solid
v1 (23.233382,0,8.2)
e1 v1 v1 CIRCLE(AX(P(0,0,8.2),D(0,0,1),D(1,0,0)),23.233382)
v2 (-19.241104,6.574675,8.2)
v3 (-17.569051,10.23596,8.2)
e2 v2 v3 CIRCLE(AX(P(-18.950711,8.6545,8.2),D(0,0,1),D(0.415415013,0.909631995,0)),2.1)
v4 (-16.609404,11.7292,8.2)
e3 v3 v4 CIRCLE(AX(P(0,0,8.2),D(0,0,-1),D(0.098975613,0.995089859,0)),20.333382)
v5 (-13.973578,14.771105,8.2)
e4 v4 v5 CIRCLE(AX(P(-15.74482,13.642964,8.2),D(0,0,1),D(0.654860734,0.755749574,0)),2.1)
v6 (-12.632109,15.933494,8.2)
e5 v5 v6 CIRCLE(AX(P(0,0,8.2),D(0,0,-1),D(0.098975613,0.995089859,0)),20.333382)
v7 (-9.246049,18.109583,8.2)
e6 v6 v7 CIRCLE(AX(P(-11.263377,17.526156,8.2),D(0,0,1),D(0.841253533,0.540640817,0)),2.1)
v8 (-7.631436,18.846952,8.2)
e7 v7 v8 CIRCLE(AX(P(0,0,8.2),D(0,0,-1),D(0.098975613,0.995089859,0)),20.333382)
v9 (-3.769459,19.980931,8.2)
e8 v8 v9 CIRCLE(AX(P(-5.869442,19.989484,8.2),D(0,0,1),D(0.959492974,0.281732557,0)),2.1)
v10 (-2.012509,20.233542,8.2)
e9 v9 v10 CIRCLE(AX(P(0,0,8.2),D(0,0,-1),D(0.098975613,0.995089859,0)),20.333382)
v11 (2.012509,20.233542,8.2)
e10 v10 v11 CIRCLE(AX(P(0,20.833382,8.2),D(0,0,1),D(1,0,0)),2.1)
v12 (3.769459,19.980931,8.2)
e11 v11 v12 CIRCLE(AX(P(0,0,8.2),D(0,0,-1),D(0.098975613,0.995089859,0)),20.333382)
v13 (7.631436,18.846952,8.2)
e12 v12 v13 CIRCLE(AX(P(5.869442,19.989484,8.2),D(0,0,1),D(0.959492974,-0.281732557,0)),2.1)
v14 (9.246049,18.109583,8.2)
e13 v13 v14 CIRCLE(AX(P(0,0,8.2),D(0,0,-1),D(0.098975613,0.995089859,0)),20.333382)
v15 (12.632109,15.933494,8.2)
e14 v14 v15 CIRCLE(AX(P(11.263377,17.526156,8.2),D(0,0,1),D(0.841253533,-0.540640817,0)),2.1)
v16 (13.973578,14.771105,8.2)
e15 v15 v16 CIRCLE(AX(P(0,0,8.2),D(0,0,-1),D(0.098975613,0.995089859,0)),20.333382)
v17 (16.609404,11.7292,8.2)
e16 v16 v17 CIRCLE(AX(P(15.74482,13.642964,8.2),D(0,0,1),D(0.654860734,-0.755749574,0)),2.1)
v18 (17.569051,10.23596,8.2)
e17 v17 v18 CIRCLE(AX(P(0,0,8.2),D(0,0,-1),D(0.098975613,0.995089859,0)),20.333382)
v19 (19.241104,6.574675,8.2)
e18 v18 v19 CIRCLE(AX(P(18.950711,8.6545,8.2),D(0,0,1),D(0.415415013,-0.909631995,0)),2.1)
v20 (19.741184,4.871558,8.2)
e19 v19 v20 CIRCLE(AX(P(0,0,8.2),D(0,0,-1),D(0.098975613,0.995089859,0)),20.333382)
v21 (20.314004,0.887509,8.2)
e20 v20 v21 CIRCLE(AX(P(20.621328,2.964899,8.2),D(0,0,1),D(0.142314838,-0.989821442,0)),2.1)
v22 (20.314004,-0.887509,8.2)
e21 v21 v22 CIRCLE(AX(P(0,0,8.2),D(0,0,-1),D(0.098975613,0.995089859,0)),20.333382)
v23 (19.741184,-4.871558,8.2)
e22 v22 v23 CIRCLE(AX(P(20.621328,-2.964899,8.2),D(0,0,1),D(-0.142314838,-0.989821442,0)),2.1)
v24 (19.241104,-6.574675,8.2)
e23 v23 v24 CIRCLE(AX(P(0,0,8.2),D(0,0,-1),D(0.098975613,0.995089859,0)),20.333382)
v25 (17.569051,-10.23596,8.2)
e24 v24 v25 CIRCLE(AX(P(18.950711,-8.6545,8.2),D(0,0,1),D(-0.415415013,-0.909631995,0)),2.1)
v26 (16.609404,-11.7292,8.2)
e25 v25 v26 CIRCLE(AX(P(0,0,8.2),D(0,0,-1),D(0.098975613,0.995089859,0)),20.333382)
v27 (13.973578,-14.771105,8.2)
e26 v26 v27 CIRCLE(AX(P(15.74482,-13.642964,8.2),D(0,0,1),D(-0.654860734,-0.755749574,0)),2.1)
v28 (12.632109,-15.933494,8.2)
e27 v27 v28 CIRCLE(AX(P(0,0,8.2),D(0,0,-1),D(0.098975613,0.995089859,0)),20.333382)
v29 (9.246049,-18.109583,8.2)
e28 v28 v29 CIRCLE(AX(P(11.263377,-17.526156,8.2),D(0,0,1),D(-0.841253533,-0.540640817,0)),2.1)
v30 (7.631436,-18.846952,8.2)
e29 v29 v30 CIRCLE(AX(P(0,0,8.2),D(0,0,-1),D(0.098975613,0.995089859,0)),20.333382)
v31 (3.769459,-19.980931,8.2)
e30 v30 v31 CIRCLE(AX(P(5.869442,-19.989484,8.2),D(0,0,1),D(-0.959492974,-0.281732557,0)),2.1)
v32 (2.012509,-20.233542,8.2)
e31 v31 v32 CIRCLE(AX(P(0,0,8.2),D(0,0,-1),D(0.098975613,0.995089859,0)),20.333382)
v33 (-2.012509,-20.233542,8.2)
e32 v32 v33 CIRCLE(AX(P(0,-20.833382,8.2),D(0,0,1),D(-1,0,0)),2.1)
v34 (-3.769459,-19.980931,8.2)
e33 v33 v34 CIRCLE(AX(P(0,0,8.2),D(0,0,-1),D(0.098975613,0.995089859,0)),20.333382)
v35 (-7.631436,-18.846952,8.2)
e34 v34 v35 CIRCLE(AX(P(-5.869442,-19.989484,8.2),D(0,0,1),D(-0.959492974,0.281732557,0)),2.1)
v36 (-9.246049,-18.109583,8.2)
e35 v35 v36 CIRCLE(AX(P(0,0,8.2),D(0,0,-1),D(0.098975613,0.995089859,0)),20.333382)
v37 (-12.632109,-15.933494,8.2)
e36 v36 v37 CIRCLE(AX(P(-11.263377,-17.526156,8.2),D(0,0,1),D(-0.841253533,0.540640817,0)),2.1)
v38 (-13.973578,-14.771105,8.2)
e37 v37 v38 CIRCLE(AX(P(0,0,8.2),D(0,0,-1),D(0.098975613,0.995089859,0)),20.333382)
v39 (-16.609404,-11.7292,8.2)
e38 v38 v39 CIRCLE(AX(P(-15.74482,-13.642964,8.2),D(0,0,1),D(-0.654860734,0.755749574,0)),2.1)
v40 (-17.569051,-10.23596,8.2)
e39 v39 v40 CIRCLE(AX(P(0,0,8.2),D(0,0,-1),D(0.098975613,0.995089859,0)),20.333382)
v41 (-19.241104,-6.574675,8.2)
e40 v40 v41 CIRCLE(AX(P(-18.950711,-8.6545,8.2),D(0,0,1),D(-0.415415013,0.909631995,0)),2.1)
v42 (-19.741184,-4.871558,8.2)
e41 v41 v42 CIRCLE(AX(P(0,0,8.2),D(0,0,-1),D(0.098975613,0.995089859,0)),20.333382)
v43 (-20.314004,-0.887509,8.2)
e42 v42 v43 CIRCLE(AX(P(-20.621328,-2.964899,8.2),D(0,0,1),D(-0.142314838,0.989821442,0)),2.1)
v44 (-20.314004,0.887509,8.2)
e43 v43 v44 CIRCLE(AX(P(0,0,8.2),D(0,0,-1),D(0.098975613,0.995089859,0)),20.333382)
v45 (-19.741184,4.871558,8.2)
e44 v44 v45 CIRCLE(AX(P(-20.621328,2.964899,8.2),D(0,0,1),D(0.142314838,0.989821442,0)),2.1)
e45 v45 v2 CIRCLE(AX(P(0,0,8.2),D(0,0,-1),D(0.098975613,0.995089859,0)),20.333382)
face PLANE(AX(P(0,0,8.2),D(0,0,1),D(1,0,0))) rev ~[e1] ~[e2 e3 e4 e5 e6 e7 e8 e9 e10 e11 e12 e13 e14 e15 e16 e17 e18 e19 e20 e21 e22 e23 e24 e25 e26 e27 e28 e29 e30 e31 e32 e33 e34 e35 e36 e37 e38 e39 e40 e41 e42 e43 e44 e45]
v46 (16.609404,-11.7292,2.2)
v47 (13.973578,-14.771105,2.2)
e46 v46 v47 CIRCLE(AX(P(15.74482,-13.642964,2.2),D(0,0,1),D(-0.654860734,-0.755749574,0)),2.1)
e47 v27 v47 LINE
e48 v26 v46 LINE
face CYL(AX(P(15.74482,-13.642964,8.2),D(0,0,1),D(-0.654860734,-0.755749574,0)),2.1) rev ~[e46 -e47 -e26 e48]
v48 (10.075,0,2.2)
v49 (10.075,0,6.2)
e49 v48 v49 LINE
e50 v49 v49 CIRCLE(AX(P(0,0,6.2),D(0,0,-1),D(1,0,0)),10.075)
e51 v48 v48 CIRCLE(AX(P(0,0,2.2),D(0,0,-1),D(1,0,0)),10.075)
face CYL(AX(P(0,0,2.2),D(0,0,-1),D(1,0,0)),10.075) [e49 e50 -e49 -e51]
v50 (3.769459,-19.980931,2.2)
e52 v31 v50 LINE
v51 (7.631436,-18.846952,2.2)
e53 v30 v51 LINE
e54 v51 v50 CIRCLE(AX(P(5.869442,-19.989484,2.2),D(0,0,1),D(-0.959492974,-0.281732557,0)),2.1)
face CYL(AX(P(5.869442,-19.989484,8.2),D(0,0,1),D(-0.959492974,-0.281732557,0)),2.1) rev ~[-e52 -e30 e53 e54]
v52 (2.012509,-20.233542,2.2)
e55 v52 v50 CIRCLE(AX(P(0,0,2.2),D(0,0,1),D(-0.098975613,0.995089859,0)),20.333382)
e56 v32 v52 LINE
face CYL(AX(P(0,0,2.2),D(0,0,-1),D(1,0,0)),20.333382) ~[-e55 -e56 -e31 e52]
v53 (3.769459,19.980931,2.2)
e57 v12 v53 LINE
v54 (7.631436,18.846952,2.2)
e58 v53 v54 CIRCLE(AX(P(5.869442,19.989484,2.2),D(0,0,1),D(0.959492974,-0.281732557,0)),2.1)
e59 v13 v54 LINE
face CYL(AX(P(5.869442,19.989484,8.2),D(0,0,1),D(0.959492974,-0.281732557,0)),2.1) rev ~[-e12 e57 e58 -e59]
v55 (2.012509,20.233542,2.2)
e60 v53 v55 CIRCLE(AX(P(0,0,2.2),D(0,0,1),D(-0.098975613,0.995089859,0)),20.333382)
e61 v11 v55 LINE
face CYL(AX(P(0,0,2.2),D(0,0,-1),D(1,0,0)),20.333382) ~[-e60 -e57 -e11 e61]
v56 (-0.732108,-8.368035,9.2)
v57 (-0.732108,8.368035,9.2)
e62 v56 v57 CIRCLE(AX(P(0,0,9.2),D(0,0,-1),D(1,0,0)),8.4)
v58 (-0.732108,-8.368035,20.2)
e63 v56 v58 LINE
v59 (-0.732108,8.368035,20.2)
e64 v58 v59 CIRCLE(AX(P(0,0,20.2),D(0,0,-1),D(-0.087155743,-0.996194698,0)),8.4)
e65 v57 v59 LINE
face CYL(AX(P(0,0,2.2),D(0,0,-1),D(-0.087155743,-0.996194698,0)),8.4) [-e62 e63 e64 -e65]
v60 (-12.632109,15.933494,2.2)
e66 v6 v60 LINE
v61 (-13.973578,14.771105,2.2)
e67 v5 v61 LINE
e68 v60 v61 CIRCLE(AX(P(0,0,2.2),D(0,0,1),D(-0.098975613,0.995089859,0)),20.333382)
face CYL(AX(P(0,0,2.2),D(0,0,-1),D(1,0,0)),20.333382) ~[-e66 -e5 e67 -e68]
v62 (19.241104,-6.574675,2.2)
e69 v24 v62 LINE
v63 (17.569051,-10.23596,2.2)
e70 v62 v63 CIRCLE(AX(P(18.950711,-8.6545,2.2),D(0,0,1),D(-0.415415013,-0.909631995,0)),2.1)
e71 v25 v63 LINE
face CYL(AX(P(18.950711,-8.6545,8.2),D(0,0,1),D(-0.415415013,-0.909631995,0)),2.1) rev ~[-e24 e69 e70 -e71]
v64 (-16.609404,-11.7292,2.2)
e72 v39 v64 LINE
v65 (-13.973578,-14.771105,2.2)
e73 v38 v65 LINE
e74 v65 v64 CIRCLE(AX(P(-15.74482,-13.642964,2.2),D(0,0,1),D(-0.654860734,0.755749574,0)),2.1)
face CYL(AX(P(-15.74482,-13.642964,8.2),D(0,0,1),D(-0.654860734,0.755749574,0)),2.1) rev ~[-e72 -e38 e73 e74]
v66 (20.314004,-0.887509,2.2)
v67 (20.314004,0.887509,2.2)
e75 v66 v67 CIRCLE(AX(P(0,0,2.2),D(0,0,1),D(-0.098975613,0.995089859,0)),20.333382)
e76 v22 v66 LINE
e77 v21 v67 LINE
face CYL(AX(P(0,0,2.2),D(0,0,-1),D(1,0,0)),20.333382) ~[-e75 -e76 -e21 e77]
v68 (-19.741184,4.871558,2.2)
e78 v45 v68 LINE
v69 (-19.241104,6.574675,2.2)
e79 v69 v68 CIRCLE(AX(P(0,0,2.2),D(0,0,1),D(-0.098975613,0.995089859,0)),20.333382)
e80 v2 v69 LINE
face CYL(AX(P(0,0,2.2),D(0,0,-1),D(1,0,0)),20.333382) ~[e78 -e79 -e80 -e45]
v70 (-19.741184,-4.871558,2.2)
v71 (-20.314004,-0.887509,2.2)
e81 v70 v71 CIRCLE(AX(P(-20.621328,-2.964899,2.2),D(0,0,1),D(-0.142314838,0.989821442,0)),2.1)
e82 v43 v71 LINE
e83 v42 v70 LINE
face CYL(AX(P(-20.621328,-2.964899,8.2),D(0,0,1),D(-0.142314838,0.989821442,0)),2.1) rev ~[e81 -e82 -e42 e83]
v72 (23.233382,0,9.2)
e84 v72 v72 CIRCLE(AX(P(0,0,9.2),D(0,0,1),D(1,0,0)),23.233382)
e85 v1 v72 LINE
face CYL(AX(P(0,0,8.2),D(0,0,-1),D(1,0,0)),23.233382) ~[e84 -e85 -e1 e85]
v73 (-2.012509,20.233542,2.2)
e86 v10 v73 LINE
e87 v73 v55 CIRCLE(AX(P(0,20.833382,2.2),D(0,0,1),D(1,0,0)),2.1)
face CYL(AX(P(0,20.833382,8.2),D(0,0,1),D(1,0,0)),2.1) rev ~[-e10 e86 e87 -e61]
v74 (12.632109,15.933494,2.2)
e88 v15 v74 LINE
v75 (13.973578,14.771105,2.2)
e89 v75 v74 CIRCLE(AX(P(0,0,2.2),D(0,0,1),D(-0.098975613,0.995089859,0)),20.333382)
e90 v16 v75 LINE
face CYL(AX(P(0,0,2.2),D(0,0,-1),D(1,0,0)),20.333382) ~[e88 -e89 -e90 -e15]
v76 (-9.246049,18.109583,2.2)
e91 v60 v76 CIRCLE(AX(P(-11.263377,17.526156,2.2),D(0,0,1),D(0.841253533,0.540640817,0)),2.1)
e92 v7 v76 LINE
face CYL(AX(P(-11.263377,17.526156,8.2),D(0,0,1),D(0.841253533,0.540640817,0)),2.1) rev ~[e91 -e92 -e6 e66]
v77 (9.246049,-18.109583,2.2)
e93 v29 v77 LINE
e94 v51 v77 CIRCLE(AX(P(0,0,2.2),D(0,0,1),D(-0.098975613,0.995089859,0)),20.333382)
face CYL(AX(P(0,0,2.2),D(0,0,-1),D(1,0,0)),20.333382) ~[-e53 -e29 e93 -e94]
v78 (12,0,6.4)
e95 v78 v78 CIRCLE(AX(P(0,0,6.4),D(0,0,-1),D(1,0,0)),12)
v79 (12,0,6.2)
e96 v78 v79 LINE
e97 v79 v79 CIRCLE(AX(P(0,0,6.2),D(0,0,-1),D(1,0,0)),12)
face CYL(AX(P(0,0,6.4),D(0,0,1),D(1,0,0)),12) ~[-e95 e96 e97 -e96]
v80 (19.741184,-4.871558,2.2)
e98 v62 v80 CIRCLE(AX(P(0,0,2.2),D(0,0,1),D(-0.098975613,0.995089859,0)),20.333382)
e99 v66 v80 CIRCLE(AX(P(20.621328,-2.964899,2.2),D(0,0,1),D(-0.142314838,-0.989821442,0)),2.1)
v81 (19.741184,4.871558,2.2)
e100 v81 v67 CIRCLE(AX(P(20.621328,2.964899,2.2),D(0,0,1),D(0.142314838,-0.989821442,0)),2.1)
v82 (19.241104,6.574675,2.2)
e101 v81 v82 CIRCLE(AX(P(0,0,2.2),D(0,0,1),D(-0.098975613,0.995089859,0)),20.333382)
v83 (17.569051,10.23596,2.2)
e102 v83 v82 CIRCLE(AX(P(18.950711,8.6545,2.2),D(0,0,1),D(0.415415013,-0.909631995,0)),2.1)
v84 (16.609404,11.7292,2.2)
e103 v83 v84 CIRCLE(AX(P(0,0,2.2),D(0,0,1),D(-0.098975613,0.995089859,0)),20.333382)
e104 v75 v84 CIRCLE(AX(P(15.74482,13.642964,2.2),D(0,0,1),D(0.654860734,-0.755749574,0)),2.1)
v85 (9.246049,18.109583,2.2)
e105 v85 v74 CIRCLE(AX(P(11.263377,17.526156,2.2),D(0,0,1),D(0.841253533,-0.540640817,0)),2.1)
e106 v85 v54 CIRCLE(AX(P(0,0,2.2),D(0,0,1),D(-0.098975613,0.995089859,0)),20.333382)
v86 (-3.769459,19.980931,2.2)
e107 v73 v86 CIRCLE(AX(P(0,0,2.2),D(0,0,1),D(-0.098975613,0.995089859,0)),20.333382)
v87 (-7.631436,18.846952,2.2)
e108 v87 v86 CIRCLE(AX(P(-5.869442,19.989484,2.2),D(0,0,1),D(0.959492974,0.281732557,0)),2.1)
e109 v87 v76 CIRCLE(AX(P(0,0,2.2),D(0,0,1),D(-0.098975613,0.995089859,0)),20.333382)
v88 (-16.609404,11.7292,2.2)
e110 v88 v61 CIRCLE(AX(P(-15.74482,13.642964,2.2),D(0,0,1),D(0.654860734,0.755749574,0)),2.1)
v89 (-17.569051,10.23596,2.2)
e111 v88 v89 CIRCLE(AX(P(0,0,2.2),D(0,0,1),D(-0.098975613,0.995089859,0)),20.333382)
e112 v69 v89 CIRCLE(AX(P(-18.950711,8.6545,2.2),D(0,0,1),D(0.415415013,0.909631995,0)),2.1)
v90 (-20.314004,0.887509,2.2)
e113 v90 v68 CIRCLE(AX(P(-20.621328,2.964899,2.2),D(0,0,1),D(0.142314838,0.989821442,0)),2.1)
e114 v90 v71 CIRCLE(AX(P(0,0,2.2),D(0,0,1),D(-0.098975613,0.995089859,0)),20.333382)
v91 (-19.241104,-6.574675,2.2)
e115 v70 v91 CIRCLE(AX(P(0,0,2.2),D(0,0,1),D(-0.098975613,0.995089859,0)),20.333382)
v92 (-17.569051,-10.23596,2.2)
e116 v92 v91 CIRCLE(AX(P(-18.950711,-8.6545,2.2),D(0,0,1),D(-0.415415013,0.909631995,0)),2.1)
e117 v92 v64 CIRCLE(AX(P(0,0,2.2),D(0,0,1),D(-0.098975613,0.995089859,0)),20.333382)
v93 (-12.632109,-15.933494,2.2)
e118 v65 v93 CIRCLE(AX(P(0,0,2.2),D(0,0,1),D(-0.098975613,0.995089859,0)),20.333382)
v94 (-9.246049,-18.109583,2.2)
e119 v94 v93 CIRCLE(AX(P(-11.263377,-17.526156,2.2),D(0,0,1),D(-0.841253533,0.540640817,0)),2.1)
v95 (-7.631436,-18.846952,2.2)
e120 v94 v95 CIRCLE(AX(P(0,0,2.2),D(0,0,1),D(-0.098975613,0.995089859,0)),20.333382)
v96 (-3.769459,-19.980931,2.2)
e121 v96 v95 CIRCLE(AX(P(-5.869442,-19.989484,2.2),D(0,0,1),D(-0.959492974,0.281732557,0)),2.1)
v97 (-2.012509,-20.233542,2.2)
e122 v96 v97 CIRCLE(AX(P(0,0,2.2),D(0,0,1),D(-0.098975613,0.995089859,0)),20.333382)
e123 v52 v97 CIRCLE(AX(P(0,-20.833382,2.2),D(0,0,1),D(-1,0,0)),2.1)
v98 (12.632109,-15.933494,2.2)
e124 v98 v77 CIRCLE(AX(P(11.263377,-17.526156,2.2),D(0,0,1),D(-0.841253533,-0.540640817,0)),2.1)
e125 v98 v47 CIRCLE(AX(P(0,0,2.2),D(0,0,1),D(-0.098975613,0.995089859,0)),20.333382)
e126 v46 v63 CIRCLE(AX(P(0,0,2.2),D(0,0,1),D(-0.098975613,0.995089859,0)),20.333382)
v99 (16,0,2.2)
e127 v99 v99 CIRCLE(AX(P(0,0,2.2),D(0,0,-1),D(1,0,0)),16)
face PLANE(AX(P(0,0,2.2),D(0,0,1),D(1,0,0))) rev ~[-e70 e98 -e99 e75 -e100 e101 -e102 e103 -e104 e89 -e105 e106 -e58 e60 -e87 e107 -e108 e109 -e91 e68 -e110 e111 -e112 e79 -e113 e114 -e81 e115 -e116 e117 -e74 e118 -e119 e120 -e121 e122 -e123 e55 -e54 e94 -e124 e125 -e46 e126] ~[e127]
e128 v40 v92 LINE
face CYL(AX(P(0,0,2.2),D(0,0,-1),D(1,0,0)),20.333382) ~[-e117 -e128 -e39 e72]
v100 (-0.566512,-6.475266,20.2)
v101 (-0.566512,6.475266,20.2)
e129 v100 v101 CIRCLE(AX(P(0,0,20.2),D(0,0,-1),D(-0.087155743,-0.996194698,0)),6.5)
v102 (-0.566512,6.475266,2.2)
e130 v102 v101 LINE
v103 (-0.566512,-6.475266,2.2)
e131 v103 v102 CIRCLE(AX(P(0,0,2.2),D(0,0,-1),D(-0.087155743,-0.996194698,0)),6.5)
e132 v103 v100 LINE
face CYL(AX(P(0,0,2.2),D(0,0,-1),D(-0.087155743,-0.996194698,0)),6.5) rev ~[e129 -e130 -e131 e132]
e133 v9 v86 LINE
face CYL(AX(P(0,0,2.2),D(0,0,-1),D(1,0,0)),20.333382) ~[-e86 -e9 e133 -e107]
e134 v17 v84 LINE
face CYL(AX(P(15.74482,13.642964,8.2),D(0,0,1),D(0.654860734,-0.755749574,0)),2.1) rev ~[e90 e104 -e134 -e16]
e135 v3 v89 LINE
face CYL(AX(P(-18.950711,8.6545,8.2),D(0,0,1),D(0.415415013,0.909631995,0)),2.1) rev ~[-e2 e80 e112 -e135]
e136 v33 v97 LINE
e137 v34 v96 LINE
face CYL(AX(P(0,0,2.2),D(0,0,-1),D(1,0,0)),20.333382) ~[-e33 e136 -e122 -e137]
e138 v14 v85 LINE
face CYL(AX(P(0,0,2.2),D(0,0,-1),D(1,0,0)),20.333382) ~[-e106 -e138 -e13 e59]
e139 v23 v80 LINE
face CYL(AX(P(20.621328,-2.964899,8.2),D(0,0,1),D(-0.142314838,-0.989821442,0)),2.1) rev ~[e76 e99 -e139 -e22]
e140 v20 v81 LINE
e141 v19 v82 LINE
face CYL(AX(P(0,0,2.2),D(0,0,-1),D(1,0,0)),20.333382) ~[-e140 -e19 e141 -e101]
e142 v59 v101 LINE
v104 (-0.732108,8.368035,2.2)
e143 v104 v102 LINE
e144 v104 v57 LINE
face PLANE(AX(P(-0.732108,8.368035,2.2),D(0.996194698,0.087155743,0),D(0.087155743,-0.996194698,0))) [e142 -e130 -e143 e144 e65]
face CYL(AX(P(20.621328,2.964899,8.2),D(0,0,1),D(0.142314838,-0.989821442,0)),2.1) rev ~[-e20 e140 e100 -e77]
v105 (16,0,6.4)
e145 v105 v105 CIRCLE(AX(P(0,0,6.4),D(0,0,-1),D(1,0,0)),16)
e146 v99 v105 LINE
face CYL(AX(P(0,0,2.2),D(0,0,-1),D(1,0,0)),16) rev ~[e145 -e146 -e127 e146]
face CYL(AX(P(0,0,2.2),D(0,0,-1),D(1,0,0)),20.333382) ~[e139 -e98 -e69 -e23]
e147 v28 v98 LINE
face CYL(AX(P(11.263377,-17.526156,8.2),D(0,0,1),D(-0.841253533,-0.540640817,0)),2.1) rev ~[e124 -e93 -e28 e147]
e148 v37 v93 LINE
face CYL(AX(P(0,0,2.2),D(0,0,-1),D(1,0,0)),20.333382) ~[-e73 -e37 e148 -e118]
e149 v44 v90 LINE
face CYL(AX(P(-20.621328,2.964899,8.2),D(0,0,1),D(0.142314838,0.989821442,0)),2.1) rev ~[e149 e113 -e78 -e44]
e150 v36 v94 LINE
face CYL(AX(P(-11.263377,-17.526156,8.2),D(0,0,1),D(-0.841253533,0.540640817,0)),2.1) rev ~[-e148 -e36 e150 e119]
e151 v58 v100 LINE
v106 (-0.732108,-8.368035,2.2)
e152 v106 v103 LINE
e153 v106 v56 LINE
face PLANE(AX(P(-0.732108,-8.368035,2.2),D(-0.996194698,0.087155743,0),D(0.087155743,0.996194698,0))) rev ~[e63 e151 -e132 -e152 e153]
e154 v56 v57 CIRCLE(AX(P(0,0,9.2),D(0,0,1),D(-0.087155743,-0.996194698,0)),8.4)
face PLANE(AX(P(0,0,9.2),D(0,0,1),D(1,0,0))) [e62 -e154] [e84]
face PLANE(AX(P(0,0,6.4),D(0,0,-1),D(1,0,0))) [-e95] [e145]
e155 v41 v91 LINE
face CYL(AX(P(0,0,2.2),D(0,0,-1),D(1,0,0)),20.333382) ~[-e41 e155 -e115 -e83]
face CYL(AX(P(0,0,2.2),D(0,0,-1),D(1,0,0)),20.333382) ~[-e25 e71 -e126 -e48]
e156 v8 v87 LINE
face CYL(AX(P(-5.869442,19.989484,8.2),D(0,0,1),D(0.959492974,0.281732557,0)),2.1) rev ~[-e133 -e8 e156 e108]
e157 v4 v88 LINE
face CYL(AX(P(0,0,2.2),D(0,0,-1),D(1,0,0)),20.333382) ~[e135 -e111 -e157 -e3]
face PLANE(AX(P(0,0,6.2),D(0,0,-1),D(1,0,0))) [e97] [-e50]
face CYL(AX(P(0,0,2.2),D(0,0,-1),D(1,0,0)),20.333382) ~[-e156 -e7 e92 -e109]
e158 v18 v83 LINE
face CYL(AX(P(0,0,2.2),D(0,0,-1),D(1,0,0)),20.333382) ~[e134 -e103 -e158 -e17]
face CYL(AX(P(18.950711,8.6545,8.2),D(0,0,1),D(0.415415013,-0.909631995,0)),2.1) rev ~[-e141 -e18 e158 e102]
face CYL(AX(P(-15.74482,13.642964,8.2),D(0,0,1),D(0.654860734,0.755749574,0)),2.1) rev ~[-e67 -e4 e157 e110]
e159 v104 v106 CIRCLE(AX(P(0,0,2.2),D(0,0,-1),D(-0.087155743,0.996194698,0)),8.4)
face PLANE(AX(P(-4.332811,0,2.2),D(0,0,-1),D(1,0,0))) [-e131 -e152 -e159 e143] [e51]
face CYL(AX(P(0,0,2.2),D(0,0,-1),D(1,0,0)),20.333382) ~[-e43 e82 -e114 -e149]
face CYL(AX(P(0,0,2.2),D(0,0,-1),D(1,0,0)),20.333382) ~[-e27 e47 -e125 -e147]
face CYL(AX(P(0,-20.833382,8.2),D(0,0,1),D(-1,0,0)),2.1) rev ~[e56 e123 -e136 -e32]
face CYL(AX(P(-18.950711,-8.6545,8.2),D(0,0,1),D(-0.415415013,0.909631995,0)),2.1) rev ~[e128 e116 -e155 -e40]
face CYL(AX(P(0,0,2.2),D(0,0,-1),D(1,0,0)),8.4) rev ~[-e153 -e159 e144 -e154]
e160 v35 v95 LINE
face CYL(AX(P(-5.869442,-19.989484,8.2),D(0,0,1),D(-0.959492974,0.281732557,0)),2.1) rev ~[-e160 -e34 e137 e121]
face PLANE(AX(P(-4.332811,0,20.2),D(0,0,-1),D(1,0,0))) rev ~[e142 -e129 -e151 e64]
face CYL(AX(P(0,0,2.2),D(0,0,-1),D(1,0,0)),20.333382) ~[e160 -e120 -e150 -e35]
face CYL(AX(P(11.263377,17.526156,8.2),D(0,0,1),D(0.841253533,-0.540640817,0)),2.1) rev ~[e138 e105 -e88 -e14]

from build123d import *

# Parameters (mm, degrees)
SKETCH006_R        = 20.3333820507
PAD006_DEPTH       = 6
SKETCH007_R        = 2.1
POCKET_DEPTH       = 121.6482464863
POLARPATTERN_COUNT = 22
SKETCH013_R        = 23.2333820507
PAD007_DEPTH       = 1
SKETCH008_R        = 16
SKETCH008_R_2      = 10.075
POCKET001_DEPTH    = 4.2
SKETCH014_R        = 12
PAD008_DEPTH       = 0.2
SKETCH015_R        = 8.4
POCKET002_DEPTH    = 7.001
PAD009_DEPTH       = 18


with BuildPart() as part:
    # Sketch006 → Pad006 (new body)
    with BuildSketch(Plane.XY):
        Circle(SKETCH006_R)
    extrude(amount=PAD006_DEPTH)

    # Sketch007 (on Face3 of Pad006) → Pocket (cut, through all)
    with BuildSketch(Plane.XY.offset(6)):
        with Locations((0, 20.8333820507)):
            Circle(SKETCH007_R)
    pocket = extrude(amount=-POCKET_DEPTH, mode=Mode.SUBTRACT)

    # PolarPattern: Pocket ×22 about axis
    polarpattern_axis = Axis((0, 0, 6), (0, 0, 1))
    for i in range(1, POLARPATTERN_COUNT):
        add(pocket.rotate(polarpattern_axis, i * 360 / POLARPATTERN_COUNT), mode=Mode.SUBTRACT)

    # Sketch013 (on Face4 of PolarPattern) → Pad007 (join)
    with BuildSketch(Plane.XY.offset(6)):
        Circle(SKETCH013_R)
    extrude(amount=PAD007_DEPTH)

    # Sketch008 (on Face2 of PolarPattern) → Pocket001 (cut)
    with BuildSketch(Plane(origin=(0, 0, 0), x_dir=(1, 0, 0), z_dir=(0, 0, -1))):
        Circle(SKETCH008_R)
        Circle(SKETCH008_R_2, mode=Mode.SUBTRACT)
    extrude(amount=-POCKET001_DEPTH, mode=Mode.SUBTRACT)

    # Sketch014 (on Face51 of Pocket001) → Pad008 (join)
    with BuildSketch(Plane(origin=(0, 0, 4.2), x_dir=(1, 0, 0), z_dir=(0, 0, -1))):
        Circle(SKETCH014_R)
    extrude(amount=PAD008_DEPTH)

    # Sketch015 (on Face55 of Pad008) → Pocket002 (cut, through all)
    with BuildSketch(Plane(origin=(0, 0, 0), x_dir=(1, 0, 0), z_dir=(0, 0, -1))):
        Circle(SKETCH015_R)
    extrude(amount=-POCKET002_DEPTH, mode=Mode.SUBTRACT)

    # Sketch016 (on Face51 of Pocket002) → Pad009 (join)
    with BuildSketch(Plane(origin=(0, 0, 0), x_dir=(1, 0, 0), z_dir=(0, 0, -1))):
        with BuildLine():
            Line((-0.7321082391, -8.368035464), (-0.5665123279, -6.4752655376))
            ThreePointArc((-0.5665123279, 6.4752655376), (-6.5, 0), (-0.5665123279, -6.4752655376))
            Line((-0.7321082391, 8.368035464), (-0.5665123279, 6.4752655376))
            ThreePointArc((-0.7321082391, 8.368035464), (-8.4, 0), (-0.7321082391, -8.368035464))
        make_face()
    extrude(amount=-PAD009_DEPTH)


with BuildPart() as part_1:
    # Body001 placement: moved
    add(part.part.moved(Location((0, 0, 2.2))))


solid = part_1.part
